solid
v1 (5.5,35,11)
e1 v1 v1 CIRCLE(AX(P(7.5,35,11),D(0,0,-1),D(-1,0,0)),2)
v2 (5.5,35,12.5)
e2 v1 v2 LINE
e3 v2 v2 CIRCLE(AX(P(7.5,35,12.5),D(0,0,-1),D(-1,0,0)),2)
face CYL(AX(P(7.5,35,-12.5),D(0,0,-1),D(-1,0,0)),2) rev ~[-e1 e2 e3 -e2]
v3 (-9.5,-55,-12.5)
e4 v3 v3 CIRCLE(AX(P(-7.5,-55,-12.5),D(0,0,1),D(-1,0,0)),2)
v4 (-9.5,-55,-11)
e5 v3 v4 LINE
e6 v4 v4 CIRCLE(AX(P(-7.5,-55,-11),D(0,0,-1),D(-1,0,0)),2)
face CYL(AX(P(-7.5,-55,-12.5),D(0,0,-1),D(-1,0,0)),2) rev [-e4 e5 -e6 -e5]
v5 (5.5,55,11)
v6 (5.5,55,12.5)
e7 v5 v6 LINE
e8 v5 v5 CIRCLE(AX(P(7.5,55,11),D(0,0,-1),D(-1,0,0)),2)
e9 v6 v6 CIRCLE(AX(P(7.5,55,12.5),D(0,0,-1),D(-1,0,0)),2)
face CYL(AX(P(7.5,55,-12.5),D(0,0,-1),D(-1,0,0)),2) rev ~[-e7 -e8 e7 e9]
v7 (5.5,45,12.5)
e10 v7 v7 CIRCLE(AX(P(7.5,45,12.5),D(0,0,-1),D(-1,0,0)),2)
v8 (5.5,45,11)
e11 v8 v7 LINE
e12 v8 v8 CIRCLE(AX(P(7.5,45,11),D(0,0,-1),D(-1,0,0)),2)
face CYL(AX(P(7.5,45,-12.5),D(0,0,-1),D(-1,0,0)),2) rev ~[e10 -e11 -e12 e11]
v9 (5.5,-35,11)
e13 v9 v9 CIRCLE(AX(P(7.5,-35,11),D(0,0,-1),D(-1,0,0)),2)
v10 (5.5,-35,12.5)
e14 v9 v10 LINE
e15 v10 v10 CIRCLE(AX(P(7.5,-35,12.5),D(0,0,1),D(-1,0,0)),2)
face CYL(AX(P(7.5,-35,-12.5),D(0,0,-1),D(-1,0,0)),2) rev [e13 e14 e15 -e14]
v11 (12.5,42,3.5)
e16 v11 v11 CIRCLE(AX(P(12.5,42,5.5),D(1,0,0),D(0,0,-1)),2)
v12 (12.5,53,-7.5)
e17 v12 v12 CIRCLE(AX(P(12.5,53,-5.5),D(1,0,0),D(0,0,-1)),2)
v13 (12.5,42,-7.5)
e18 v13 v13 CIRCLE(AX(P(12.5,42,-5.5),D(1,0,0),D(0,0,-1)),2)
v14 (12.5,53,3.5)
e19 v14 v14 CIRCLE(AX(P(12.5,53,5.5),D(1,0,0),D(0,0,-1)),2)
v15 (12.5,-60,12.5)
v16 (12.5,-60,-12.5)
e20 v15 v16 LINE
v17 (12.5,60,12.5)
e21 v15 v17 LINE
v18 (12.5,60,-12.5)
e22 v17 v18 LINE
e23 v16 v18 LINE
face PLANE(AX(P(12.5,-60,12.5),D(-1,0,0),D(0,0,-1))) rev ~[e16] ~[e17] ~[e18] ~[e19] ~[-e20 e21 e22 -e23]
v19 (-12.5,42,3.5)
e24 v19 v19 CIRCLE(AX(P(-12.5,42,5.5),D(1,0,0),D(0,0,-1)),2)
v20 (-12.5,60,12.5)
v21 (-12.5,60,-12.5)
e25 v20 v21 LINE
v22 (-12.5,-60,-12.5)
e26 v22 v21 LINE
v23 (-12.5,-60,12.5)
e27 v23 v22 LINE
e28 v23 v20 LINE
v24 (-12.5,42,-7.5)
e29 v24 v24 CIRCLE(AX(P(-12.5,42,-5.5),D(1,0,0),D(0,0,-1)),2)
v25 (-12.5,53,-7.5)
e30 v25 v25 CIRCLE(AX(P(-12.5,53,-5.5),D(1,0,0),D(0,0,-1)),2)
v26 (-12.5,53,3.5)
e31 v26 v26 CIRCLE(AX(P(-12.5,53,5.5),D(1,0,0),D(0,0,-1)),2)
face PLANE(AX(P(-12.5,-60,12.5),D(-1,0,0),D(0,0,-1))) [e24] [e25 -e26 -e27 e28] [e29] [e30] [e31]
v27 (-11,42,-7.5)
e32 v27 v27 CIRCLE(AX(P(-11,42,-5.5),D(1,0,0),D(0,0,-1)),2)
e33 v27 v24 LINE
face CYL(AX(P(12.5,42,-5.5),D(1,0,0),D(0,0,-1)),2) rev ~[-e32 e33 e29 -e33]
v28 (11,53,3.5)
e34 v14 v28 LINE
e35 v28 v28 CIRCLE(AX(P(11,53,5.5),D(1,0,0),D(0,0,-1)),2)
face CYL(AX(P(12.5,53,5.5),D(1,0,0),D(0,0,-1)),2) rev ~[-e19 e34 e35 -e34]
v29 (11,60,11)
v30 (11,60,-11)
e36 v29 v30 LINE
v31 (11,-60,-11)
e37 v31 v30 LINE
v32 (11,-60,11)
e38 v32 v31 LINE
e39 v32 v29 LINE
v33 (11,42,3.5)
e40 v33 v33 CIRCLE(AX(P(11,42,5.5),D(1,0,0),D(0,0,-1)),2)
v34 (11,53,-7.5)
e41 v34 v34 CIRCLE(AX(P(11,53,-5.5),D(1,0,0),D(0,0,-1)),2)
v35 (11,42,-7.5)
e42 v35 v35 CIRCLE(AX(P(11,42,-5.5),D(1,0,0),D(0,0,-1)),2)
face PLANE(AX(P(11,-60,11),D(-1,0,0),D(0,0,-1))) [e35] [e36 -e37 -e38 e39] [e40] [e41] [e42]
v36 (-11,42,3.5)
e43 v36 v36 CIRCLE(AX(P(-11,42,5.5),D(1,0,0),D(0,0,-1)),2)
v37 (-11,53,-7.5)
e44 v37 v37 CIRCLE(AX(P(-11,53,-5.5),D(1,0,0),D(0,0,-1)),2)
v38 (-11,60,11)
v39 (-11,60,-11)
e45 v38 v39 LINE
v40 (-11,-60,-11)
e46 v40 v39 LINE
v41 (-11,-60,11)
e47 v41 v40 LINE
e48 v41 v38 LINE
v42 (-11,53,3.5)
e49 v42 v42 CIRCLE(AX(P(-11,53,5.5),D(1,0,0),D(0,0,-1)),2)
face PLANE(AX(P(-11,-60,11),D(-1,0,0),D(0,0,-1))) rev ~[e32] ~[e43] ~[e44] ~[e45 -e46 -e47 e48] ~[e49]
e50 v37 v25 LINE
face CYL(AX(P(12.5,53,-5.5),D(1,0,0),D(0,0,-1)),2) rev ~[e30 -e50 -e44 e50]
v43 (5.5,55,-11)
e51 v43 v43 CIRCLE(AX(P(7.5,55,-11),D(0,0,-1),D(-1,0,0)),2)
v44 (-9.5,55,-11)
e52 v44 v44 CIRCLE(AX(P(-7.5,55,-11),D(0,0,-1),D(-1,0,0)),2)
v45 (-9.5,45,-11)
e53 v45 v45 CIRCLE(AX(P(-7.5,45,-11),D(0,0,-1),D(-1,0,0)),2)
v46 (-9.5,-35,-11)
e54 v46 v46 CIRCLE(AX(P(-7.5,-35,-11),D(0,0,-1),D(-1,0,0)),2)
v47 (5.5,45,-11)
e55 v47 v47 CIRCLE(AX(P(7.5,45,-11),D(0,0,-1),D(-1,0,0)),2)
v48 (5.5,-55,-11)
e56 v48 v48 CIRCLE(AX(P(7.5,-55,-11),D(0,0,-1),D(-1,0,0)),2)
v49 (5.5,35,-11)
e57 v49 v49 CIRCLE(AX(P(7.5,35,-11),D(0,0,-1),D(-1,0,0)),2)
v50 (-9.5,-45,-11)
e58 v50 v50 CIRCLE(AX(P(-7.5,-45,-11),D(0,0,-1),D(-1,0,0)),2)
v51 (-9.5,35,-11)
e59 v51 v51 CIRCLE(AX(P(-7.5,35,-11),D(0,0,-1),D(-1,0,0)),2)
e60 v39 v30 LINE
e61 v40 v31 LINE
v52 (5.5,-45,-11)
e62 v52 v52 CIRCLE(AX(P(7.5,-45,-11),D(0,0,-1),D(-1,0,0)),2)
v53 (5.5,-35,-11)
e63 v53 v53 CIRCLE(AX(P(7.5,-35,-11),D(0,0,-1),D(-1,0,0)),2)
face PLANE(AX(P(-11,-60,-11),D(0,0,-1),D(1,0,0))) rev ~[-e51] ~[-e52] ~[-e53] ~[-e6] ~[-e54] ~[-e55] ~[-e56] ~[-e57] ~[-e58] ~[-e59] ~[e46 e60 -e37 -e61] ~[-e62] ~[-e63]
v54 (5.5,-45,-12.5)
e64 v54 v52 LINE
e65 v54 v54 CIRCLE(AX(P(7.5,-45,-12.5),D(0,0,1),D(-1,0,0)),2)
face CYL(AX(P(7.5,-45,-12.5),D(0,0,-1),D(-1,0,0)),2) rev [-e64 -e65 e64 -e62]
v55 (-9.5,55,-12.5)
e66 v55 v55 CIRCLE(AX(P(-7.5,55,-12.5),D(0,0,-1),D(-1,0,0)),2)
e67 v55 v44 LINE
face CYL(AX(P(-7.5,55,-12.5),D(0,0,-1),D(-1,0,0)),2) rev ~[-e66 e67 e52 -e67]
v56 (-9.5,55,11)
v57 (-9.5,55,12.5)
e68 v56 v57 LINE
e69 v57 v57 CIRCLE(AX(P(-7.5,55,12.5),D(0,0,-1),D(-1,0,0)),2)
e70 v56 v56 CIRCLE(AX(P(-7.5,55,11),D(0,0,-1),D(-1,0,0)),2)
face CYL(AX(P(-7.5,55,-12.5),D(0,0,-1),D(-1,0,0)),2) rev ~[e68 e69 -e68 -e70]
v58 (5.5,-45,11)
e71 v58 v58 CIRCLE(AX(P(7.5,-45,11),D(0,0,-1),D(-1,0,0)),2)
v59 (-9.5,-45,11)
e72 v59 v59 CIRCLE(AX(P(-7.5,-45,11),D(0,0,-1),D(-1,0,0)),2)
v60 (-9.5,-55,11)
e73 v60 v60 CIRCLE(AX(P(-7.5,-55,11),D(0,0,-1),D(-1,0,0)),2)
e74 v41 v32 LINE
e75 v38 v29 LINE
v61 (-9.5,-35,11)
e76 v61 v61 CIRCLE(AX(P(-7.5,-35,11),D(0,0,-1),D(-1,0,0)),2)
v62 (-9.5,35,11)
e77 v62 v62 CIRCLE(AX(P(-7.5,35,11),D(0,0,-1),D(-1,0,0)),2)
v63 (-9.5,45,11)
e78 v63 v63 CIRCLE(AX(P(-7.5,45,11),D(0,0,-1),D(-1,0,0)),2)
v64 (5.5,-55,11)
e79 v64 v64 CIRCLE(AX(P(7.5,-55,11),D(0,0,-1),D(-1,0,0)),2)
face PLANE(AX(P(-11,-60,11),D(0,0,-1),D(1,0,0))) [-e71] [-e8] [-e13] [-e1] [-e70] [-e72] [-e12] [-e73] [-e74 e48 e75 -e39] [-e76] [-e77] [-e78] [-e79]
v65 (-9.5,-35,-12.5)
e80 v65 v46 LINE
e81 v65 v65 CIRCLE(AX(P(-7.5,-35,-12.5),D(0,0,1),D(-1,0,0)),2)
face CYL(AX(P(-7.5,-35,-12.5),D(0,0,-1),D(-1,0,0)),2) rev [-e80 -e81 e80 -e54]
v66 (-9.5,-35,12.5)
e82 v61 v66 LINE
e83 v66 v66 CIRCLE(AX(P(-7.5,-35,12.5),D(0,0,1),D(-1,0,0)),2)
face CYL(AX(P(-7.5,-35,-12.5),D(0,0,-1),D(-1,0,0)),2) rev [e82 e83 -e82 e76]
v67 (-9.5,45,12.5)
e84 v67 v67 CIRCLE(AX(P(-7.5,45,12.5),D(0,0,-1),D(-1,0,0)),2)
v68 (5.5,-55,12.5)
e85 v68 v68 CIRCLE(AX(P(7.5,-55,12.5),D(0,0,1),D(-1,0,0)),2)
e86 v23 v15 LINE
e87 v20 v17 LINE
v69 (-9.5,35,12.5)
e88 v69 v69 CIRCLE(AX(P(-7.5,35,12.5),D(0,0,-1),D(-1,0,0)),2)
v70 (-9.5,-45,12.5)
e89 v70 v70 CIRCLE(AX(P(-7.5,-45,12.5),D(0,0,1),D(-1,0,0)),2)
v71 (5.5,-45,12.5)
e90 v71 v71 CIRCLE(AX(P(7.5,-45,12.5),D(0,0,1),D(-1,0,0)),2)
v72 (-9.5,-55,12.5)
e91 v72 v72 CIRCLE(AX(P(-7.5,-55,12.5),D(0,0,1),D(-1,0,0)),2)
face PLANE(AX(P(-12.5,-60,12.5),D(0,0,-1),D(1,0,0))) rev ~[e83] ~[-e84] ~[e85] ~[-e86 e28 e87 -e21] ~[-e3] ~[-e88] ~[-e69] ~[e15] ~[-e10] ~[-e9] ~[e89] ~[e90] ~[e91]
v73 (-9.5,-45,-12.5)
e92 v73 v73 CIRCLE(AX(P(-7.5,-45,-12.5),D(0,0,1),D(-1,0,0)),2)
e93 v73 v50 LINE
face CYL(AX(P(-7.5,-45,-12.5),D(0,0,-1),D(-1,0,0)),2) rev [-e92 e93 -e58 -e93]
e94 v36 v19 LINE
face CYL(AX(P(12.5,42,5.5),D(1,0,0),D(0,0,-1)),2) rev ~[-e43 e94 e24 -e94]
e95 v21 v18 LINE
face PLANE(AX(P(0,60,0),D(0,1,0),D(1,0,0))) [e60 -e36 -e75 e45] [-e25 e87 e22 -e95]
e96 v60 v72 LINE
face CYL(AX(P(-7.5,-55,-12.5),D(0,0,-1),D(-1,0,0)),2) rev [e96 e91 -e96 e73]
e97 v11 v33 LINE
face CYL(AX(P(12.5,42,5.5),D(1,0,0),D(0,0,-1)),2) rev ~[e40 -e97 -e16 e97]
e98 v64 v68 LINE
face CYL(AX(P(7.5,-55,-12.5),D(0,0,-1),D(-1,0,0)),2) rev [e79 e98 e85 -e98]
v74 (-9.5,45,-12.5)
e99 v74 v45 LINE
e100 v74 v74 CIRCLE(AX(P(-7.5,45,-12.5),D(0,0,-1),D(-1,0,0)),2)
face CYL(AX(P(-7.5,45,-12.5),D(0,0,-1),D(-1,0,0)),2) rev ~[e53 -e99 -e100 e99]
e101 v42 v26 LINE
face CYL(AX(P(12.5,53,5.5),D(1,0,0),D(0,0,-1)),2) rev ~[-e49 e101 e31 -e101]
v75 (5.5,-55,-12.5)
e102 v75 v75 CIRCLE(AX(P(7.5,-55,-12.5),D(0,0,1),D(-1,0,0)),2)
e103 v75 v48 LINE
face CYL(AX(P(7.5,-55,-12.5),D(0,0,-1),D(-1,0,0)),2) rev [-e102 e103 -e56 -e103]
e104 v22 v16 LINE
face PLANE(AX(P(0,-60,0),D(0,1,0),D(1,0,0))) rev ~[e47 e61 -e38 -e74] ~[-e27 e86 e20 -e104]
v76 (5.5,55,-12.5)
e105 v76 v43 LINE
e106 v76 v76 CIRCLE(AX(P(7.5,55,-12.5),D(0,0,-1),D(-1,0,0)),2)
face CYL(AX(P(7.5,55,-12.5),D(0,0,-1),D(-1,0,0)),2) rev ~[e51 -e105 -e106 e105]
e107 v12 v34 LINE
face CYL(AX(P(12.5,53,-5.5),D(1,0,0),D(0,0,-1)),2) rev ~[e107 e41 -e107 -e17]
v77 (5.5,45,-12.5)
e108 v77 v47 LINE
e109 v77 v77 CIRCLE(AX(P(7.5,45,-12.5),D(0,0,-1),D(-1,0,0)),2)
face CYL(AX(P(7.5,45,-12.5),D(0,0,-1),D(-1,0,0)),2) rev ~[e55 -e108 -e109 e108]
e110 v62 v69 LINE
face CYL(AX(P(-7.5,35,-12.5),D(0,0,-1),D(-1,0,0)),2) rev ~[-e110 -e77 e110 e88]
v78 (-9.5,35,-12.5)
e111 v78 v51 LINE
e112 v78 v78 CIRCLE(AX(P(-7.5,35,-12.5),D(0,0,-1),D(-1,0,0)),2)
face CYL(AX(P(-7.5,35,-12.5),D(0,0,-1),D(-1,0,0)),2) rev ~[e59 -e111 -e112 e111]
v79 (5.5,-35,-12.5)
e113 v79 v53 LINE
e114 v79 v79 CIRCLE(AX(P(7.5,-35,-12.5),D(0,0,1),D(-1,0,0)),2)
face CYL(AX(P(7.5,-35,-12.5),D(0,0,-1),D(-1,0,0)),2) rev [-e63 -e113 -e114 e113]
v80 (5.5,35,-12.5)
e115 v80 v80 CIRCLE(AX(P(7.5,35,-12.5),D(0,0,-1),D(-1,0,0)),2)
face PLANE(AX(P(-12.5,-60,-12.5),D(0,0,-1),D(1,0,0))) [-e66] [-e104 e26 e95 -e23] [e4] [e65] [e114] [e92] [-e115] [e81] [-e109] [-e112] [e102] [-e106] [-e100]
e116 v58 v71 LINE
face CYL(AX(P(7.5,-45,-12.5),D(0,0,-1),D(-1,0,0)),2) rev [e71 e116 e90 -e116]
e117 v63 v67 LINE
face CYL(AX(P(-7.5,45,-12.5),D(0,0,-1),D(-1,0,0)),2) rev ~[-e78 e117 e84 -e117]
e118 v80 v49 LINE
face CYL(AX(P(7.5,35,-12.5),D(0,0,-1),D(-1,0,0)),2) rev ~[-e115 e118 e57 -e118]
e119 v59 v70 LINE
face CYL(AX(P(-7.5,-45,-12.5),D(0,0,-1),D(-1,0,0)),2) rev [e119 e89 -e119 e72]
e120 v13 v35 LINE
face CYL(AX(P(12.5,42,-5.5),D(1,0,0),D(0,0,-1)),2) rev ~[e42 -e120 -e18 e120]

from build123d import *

# Parameters (mm, degrees)
BOSS_EXTRUDE1_DEPTH      = 60
BOSS_EXTRUDE1_DEPTH_BACK = 60
SKETCH1_W                = 25
SKETCH1_H                = 25
SKETCH1_W_2              = 22
SKETCH1_H_2              = 22
SKETCH2_R                = 2
CUT_EXTRUDE1_DEPTH       = 25
SKETCH3_R                = 2
CUT_EXTRUDE2_DEPTH       = 25


with BuildPart() as part:
    # Sketch1 → Boss-Extrude1 (new, two sides: drawn at the far end of the back side and taken through both)
    with BuildSketch(Plane(origin=(0, 0, 0), x_dir=(1, 0, 0), z_dir=(0, 1, 0)).offset(-BOSS_EXTRUDE1_DEPTH_BACK)):
        Rectangle(SKETCH1_W, SKETCH1_H)
        Rectangle(SKETCH1_W_2, SKETCH1_H_2, mode=Mode.SUBTRACT)
    extrude(amount=BOSS_EXTRUDE1_DEPTH + BOSS_EXTRUDE1_DEPTH_BACK)

    # Sketch2 → Cut-Extrude1 (cut)
    with BuildSketch(Plane(origin=(0, 0, -12.5), x_dir=(-1, 0, 0), z_dir=(0, 0, -1))):
        with Locations((7.5, 55)):
            Circle(SKETCH2_R)
        with Locations((7.5, 45)):
            Circle(SKETCH2_R)
        with Locations((-7.5, 55)):
            Circle(SKETCH2_R)
        with Locations((-7.5, 45)):
            Circle(SKETCH2_R)
        with Locations((7.5, 35)):
            Circle(SKETCH2_R)
        with Locations((-7.5, 35)):
            Circle(SKETCH2_R)
    cut_extrude1 = extrude(amount=-CUT_EXTRUDE1_DEPTH, mode=Mode.SUBTRACT)

    # Mirror1: Cut-Extrude1 across plane
    add(cut_extrude1.mirror(Plane.ZX), mode=Mode.SUBTRACT)

    # Sketch3 → Cut-Extrude2 (cut)
    with BuildSketch(Plane(origin=(12.5, 0, 0), x_dir=(0, 0, -1), z_dir=(1, 0, 0))):
        with Locations((5.5, 53)):
            Circle(SKETCH3_R)
        with Locations((5.5, 42)):
            Circle(SKETCH3_R)
        with Locations((-5.5, 53)):
            Circle(SKETCH3_R)
        with Locations((-5.5, 42)):
            Circle(SKETCH3_R)
    extrude(amount=-CUT_EXTRUDE2_DEPTH, mode=Mode.SUBTRACT)


solid = part.part
